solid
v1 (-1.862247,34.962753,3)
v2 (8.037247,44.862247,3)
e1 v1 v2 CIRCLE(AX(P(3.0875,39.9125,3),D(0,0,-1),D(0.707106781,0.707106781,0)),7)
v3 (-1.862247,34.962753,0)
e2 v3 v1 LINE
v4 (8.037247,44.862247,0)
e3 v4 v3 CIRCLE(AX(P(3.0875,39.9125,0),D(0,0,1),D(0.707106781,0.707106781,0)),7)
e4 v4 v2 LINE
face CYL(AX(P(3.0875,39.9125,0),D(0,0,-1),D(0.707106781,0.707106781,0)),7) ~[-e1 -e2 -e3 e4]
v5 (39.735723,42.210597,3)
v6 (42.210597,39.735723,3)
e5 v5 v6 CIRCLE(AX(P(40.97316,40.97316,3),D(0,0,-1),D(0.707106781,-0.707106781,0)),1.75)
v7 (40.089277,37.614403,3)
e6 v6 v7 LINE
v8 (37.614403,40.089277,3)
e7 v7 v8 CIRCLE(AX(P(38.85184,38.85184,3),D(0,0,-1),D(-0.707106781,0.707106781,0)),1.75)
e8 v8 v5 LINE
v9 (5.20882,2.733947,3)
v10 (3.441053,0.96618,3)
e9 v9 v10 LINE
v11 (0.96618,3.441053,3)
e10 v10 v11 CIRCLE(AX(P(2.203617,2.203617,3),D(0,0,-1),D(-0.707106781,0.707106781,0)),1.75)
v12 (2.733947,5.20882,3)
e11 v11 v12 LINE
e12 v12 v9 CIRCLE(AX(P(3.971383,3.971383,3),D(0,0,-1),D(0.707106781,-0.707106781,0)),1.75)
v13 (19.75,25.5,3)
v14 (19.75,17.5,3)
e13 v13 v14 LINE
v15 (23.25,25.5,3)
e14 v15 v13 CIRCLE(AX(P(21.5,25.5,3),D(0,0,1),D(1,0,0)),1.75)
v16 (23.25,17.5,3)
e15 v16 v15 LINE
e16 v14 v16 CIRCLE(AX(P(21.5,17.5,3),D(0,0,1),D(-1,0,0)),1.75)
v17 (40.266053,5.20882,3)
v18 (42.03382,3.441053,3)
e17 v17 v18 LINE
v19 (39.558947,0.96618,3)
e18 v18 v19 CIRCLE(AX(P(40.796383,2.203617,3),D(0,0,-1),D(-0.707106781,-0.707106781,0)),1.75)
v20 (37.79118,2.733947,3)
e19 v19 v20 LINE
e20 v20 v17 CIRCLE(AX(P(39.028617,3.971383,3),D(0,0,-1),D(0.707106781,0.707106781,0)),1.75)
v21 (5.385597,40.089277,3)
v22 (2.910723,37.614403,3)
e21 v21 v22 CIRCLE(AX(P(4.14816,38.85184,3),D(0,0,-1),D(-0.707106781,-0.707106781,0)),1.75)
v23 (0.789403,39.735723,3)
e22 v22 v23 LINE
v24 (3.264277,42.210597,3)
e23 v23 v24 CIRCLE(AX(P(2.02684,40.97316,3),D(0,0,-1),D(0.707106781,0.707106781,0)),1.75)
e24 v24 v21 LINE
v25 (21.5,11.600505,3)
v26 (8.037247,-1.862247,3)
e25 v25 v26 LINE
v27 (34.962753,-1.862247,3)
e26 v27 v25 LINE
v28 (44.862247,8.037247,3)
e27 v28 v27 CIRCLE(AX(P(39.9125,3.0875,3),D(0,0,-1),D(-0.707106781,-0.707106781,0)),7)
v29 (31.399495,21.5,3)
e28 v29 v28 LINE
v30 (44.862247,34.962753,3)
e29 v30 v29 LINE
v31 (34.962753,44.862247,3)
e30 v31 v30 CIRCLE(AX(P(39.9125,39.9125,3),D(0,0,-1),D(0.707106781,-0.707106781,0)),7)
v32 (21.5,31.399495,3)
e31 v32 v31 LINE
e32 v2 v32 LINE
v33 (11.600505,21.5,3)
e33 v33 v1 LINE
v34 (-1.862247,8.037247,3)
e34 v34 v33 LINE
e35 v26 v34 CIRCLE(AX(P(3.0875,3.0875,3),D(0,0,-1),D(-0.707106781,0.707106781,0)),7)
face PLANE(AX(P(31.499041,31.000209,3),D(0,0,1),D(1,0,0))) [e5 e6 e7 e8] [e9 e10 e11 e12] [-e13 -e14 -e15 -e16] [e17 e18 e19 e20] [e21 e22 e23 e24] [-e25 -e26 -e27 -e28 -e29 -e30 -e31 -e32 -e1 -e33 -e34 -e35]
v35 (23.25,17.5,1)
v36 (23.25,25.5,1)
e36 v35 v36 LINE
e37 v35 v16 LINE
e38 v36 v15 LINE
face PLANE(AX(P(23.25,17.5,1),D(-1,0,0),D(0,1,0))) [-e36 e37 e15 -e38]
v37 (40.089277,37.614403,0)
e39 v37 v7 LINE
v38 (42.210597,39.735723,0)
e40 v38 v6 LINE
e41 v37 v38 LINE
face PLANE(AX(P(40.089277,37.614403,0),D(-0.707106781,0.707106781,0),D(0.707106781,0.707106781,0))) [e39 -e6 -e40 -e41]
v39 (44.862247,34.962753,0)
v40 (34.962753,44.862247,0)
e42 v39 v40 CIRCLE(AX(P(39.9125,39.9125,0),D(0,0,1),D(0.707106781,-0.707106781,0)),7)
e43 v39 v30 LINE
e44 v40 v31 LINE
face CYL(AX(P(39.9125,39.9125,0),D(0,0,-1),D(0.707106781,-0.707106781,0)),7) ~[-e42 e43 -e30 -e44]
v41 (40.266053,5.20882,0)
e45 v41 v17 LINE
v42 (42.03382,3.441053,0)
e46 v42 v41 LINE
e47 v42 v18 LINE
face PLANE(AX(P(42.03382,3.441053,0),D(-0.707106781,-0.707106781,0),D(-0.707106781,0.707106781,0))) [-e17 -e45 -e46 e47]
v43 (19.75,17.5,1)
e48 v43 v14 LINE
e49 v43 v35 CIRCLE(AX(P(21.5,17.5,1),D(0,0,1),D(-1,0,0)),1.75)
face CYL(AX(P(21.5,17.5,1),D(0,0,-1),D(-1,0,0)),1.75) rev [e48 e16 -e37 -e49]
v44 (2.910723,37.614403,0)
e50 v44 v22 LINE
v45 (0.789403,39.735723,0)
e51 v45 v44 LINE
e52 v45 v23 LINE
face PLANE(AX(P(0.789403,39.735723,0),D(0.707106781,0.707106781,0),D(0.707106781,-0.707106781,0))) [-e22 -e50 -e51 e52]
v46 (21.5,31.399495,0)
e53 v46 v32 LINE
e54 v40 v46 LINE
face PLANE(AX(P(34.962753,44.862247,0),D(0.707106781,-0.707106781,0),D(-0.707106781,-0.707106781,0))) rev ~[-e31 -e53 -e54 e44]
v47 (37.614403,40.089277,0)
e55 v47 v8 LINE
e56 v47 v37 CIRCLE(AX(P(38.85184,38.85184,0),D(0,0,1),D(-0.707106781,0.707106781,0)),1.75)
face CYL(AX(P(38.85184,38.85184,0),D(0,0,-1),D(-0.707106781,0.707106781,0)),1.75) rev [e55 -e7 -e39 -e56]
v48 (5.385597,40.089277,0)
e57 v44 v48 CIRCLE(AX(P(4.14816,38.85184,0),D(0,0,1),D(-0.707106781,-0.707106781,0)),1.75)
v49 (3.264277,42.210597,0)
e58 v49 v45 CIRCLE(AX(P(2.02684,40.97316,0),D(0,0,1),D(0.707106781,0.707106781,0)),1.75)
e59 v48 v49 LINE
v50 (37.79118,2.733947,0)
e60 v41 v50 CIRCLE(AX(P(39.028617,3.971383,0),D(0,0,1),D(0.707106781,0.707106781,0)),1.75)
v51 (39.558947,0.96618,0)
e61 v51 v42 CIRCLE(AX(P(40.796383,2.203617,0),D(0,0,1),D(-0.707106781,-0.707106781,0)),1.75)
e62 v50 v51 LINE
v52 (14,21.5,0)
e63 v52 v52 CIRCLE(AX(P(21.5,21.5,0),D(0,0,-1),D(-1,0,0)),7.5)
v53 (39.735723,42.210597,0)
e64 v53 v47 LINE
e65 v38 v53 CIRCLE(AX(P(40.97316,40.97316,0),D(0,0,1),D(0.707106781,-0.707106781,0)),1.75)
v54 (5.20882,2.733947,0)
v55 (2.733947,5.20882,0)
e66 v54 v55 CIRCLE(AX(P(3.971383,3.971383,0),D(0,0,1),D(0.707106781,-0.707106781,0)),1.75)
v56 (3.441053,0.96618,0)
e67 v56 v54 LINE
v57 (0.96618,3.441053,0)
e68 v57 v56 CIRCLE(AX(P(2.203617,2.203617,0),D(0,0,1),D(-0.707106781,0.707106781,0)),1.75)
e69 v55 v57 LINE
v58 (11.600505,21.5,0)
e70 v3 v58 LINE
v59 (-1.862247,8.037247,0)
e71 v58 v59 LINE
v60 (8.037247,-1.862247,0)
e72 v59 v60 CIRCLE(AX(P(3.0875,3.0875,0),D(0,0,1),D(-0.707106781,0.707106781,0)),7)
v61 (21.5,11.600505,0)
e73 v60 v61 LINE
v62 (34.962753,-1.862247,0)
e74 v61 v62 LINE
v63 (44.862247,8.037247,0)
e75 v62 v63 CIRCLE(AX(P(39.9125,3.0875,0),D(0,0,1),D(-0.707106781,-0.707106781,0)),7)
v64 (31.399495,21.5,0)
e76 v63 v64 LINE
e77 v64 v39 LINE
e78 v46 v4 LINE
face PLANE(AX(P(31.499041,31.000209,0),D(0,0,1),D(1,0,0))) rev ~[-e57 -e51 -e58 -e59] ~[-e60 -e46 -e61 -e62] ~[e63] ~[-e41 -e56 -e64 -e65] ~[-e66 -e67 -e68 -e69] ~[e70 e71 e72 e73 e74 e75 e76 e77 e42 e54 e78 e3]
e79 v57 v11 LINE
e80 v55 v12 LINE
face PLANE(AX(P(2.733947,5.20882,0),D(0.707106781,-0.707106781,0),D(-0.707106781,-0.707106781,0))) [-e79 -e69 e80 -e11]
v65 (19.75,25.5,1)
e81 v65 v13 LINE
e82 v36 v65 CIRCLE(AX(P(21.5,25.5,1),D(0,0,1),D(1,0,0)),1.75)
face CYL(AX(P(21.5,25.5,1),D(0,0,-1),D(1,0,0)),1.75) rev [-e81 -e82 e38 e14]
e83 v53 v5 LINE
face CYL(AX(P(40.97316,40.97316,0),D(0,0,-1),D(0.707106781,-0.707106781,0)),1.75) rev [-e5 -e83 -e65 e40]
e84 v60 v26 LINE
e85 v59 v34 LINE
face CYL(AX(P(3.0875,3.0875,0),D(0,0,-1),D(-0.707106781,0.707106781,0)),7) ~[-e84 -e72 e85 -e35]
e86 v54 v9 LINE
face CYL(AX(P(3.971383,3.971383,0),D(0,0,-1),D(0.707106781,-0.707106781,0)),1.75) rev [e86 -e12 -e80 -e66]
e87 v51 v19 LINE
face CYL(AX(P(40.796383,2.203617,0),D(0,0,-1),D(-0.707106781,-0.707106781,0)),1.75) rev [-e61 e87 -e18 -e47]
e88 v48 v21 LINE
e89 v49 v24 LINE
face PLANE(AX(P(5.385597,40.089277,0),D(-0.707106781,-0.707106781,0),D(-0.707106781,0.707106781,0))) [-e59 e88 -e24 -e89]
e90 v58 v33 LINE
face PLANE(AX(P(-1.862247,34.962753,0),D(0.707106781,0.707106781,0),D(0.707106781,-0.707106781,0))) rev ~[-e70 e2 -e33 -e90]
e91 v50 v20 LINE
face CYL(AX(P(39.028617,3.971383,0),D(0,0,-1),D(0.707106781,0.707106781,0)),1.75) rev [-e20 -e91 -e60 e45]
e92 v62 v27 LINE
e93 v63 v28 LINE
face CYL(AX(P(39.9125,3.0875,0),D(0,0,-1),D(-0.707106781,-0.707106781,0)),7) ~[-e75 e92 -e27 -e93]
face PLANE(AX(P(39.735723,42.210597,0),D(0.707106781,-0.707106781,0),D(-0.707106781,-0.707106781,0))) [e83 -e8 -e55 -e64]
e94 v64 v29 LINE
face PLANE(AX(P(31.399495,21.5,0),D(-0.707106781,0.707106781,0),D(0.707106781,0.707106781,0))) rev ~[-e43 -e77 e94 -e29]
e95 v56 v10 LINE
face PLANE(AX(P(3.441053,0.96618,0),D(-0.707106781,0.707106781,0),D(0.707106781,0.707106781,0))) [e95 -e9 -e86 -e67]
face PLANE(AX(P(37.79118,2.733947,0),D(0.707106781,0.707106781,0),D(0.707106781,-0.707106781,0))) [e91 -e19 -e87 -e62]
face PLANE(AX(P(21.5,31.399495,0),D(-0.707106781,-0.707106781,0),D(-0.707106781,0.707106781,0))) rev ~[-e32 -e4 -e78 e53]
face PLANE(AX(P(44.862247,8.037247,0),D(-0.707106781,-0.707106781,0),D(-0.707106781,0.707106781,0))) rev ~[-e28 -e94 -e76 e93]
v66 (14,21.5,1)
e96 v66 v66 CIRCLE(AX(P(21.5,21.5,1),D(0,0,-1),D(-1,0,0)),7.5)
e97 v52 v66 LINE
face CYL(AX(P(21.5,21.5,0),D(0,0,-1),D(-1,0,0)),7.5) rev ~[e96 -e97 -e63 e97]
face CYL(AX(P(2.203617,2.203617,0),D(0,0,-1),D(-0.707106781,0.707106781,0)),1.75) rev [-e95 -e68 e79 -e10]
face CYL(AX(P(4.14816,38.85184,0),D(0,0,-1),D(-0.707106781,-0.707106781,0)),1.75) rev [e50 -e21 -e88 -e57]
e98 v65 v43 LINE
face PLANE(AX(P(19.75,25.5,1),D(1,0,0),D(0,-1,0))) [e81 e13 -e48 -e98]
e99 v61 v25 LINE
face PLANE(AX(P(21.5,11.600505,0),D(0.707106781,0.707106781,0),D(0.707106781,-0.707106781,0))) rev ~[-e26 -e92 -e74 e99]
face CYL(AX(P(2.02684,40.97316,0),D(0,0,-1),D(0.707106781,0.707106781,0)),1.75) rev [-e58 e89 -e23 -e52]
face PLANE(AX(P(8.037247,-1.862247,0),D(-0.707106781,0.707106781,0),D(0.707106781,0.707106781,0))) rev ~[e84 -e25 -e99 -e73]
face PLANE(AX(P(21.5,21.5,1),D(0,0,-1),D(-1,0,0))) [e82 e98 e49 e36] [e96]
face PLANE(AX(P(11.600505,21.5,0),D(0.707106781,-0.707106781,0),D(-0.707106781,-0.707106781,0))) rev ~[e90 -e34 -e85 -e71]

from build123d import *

# Parameters (mm, degrees)
BOSS_EXTRUDE1_DEPTH = 3
CUT_EXTRUDE1_DEPTH  = 10
SKETCH3_OUTSIDE_W   = 98.222
SKETCH3_OUTSIDE_H   = 98.222
CUT_EXTRUDE2_DEPTH  = 10
SKETCH5_R           = 7.5
CUT_EXTRUDE3_DEPTH  = 1
CUT_EXTRUDE4_DEPTH  = 2


with BuildPart() as part:
    # Sketch1 → Boss-Extrude1 (new body)
    with BuildSketch(Plane.XY):
        with BuildLine():
            ThreePointArc((59, 21.5), (35.850628714, 56.145482469), (-5.016504294, 48.016504294))
            Line((-5.016504294, 48.016504294), (48.016504294, -5.016504294))
            ThreePointArc((48.016504294, -5.016504294), (56.145482469, 7.149371286), (59, 21.5))
        make_face()
        with BuildLine():
            Line((48.016504294, -5.016504294), (-5.016504294, 48.016504294))
            ThreePointArc((-5.016504294, 48.016504294), (-5.016504294, -5.016504294), (48.016504294, -5.016504294))
        make_face()
    extrude(amount=BOSS_EXTRUDE1_DEPTH)

    # Sketch2 → Cut-Extrude1 (cut)
    with BuildSketch(Plane(origin=(0, 0, 0), x_dir=(-1, 0, 0), z_dir=(0, 0, -1))):
        with BuildLine():
            Line((-40.089276695, 37.614402961), (-42.210597039, 39.735723305))
            ThreePointArc((-42.210597039, 39.735723305), (-42.210597039, 42.210597039), (-39.735723305, 42.210597039))
            Line((-39.735723305, 42.210597039), (-37.614402961, 40.089276695))
            ThreePointArc((-37.614402961, 40.089276695), (-37.614402961, 37.614402961), (-40.089276695, 37.614402961))
        make_face()
        with BuildLine():
            Line((-5.385597039, 40.089276695), (-3.264276695, 42.210597039))
            ThreePointArc((-3.264276695, 42.210597039), (-0.789402961, 42.210597039), (-0.789402961, 39.735723305))
            Line((-0.789402961, 39.735723305), (-2.910723305, 37.614402961))
            ThreePointArc((-2.910723305, 37.614402961), (-5.385597039, 37.614402961), (-5.385597039, 40.089276695))
        make_face()
        with BuildLine():
            Line((-42.033820344, 3.441053391), (-40.266053391, 5.208820344))
            ThreePointArc((-40.266053391, 5.208820344), (-37.791179656, 5.208820344), (-37.791179656, 2.733946609))
            Line((-37.791179656, 2.733946609), (-39.558946609, 0.966179656))
            ThreePointArc((-39.558946609, 0.966179656), (-42.033820344, 0.966179656), (-42.033820344, 3.441053391))
        make_face()
        with BuildLine():
            Line((-3.441053391, 0.966179656), (-5.208820344, 2.733946609))
            ThreePointArc((-5.208820344, 2.733946609), (-5.208820344, 5.208820344), (-2.733946609, 5.208820344))
            Line((-2.733946609, 5.208820344), (-0.966179656, 3.441053391))
            ThreePointArc((-0.966179656, 3.441053391), (-0.966179656, 0.966179656), (-3.441053391, 0.966179656))
        make_face()
    extrude(amount=-CUT_EXTRUDE1_DEPTH, mode=Mode.SUBTRACT)

    # Sketch3 outside → Cut-Extrude2 (cut)
    with BuildSketch(Plane(origin=(0, 0, 0), x_dir=(-1, 0, 0), z_dir=(0, 0, -1))):
        with Locations((-21.5, 21.5)):
            Rectangle(SKETCH3_OUTSIDE_W, SKETCH3_OUTSIDE_H)
        with BuildLine():
            Line((-34.962752532, 44.862247468), (-21.5, 31.399494937))
            Line((-21.5, 31.399494937), (-8.037247468, 44.862247468))
            ThreePointArc((-8.037247468, 44.862247468), (1.862247468, 44.862247468), (1.862247468, 34.962752532))
            Line((1.862247468, 34.962752532), (-11.600505063, 21.5))
            Line((-11.600505063, 21.5), (1.862247468, 8.037247468))
            ThreePointArc((1.862247468, 8.037247468), (1.862247468, -1.862247468), (-8.037247468, -1.862247468))
            Line((-8.037247468, -1.862247468), (-21.5, 11.600505063))
            Line((-21.5, 11.600505063), (-34.962752532, -1.862247468))
            ThreePointArc((-34.962752532, -1.862247468), (-44.862247468, -1.862247468), (-44.862247468, 8.037247468))
            Line((-44.862247468, 8.037247468), (-31.399494937, 21.5))
            Line((-31.399494937, 21.5), (-44.862247468, 34.962752532))
            ThreePointArc((-44.862247468, 34.962752532), (-44.862247468, 44.862247468), (-34.962752532, 44.862247468))
        make_face(mode=Mode.SUBTRACT)
    extrude(amount=-CUT_EXTRUDE2_DEPTH, mode=Mode.SUBTRACT)

    # Sketch5 → Cut-Extrude3 (cut)
    with BuildSketch(Plane(origin=(0, 0, 0), x_dir=(-1, 0, 0), z_dir=(0, 0, -1))):
        with Locations((-21.5, 21.5)):
            Circle(SKETCH5_R)
    extrude(amount=-CUT_EXTRUDE3_DEPTH, mode=Mode.SUBTRACT)

    # Sketch6 → Cut-Extrude4 (cut)
    with BuildSketch(Plane(origin=(0, 0, 1), x_dir=(-1, 0, 0), z_dir=(0, 0, -1))):
        with BuildLine():
            Line((-23.25, 17.5), (-23.25, 25.5))
            ThreePointArc((-23.25, 25.5), (-21.5, 27.25), (-19.75, 25.5))
            Line((-19.75, 25.5), (-19.75, 17.5))
            ThreePointArc((-19.75, 17.5), (-21.5, 15.75), (-23.25, 17.5))
        make_face()
    extrude(amount=-CUT_EXTRUDE4_DEPTH, mode=Mode.SUBTRACT)


solid = part.part
